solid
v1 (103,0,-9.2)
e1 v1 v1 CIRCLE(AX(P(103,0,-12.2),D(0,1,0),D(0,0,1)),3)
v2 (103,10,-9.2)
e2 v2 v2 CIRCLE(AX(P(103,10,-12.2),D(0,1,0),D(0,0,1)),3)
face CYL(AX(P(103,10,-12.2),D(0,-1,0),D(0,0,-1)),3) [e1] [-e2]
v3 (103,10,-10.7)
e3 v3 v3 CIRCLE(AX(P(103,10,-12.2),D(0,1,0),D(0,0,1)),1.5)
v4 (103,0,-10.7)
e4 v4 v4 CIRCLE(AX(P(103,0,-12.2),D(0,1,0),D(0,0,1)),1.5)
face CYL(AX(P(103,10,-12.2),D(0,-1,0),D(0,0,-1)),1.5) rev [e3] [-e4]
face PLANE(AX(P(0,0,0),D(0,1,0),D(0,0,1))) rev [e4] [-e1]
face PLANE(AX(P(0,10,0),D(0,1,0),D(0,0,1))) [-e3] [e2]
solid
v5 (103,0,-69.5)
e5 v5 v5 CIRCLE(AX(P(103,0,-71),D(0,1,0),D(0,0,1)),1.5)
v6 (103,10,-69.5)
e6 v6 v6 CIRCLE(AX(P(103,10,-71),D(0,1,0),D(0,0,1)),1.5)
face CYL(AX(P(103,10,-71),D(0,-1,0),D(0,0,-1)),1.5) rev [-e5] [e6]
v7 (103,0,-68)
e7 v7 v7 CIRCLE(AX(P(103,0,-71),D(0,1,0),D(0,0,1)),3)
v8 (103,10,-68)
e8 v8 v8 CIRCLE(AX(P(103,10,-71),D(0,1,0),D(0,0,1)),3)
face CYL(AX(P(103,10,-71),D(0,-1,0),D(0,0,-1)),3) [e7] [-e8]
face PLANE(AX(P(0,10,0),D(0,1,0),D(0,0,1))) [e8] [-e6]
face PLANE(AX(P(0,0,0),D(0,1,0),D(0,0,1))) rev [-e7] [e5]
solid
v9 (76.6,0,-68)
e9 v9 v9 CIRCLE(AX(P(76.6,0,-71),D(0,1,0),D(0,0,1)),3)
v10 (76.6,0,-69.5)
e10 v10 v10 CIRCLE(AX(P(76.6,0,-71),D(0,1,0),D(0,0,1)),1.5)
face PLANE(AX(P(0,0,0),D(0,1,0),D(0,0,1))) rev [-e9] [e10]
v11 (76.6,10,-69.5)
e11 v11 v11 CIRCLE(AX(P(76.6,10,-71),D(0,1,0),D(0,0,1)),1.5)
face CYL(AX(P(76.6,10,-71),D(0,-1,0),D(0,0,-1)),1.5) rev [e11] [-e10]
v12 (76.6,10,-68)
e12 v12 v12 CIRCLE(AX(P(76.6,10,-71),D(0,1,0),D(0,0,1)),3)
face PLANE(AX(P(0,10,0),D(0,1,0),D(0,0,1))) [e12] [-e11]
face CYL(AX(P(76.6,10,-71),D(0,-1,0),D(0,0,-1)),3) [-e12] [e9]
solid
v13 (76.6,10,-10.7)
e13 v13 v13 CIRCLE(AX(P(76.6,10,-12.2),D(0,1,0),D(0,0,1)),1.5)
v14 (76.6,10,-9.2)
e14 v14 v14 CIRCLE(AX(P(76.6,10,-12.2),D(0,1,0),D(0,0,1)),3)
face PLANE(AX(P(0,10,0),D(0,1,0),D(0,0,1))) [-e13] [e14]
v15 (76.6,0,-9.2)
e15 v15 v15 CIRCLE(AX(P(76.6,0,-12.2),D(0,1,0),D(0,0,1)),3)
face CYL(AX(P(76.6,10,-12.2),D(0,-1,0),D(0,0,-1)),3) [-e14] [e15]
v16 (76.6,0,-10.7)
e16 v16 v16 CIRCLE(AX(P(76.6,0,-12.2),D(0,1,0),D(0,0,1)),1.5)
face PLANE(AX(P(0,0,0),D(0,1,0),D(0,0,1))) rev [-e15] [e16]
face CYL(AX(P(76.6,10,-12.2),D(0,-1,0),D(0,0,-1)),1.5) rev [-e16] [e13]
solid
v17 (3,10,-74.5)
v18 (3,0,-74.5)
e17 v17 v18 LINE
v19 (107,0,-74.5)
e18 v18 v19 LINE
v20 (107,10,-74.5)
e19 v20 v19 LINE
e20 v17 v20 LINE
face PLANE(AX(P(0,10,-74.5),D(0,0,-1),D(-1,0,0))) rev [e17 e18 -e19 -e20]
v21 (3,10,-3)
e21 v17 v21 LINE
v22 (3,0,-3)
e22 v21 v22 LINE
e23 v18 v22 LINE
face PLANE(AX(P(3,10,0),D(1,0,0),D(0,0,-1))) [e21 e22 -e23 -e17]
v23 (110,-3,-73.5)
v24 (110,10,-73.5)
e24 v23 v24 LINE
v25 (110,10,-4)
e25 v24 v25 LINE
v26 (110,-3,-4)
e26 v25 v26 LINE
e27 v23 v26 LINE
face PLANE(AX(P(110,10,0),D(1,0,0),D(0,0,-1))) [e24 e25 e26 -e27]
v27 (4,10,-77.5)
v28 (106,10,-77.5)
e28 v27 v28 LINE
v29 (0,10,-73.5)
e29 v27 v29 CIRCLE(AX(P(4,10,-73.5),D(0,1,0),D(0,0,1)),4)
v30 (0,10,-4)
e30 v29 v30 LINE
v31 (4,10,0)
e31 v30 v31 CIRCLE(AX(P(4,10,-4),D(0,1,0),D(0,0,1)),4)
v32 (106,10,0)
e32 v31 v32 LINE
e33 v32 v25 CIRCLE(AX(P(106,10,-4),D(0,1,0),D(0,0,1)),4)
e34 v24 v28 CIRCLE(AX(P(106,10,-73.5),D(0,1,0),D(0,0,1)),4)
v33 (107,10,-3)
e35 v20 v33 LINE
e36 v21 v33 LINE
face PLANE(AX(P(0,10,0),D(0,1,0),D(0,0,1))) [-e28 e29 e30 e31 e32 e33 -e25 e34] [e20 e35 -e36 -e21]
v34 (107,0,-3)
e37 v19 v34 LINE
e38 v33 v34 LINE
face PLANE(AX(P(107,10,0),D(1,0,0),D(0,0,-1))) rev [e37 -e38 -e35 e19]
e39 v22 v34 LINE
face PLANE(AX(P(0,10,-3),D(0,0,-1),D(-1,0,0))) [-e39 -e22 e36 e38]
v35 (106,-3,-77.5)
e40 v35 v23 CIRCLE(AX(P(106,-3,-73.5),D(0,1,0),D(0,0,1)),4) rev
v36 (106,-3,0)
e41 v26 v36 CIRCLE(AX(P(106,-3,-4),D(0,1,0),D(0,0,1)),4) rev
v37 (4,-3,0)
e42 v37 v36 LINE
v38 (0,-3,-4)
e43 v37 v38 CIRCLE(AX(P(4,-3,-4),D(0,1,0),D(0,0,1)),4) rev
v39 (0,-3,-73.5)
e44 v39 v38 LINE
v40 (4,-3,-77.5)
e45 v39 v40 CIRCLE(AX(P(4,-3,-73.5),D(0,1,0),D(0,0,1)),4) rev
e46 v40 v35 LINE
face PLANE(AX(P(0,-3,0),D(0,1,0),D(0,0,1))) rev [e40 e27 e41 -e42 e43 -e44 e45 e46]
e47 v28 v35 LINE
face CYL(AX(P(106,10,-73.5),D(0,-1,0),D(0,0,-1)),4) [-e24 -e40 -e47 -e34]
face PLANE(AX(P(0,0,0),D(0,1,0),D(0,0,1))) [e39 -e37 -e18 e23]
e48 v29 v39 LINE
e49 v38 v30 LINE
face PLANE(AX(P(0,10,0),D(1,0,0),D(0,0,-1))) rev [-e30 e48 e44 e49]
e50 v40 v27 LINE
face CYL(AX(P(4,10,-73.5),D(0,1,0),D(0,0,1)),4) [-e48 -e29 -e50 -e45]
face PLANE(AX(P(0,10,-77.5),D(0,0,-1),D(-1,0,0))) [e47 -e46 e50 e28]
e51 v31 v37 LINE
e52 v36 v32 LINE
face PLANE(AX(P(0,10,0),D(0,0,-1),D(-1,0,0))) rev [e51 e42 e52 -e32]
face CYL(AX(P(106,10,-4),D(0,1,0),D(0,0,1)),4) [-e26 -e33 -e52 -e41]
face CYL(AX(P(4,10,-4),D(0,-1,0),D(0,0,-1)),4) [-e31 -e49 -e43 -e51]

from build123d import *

# Parameters (mm, degrees)
SKETCH1_W             = 110
SKETCH1_H             = 77.5
SKETCH1_W_2           = 104
SKETCH1_H_2           = 71.5
BOSS_EXTRUDE1_DEPTH   = 10
SKETCH1_R             = 3
SKETCH1_R_2           = 1.5
BOSS_EXTRUDE1_2_DEPTH = 10
BOSS_EXTRUDE1_3_DEPTH = 10
BOSS_EXTRUDE1_4_DEPTH = 10
BOSS_EXTRUDE1_5_DEPTH = 10
SKETCH1_2_W           = 110
SKETCH1_2_H           = 77.5
BOSS_EXTRUDE2_DEPTH   = 3
FILLET1_R             = 4


with BuildPart() as part:
    # Sketch1 → Boss-Extrude1 (new body)
    with BuildSketch(Plane(origin=(0, 0, 0), x_dir=(1, 0, 0), z_dir=(0, 1, 0))):
        with Locations((55, 38.75)):
            Rectangle(SKETCH1_W, SKETCH1_H)
        with Locations((55, 38.75)):
            Rectangle(SKETCH1_W_2, SKETCH1_H_2, mode=Mode.SUBTRACT)
    extrude(amount=BOSS_EXTRUDE1_DEPTH)

    # Sketch1<2> → Boss-Extrude2 (add)
    with BuildSketch(Plane(origin=(0, 0, 0), x_dir=(1, 0, 0), z_dir=(0, 1, 0))):
        with Locations((55, 38.75)):
            Rectangle(SKETCH1_2_W, SKETCH1_2_H)
    extrude(amount=-BOSS_EXTRUDE2_DEPTH)

    # Fillet1
    fillet1_edges = [part.edges().sort_by_distance(p)[0] for p in [
        (0, 3.5, -77.5),
        (0, 3.5, 0),
        (110, 3.5, -77.5),
        (110, 3.5, 0),
    ]]
    fillet(fillet1_edges, radius=FILLET1_R)


with BuildPart() as body_2:
    # Sketch1 → Boss-Extrude1 2 (new body)
    with BuildSketch(Plane(origin=(0, 0, 0), x_dir=(1, 0, 0), z_dir=(0, 1, 0))):
        with Locations((76.6, 12.2)):
            Circle(SKETCH1_R)
        with Locations((76.6, 12.2)):
            Circle(SKETCH1_R_2, mode=Mode.SUBTRACT)
    extrude(amount=BOSS_EXTRUDE1_2_DEPTH)


with BuildPart() as body_3:
    # Sketch1 → Boss-Extrude1 3 (new body)
    with BuildSketch(Plane(origin=(0, 0, 0), x_dir=(1, 0, 0), z_dir=(0, 1, 0))):
        with Locations((103, 12.2)):
            Circle(SKETCH1_R)
        with Locations((103, 12.2)):
            Circle(SKETCH1_R_2, mode=Mode.SUBTRACT)
    extrude(amount=BOSS_EXTRUDE1_3_DEPTH)


with BuildPart() as body_4:
    # Sketch1 → Boss-Extrude1 4 (new body)
    with BuildSketch(Plane(origin=(0, 0, 0), x_dir=(1, 0, 0), z_dir=(0, 1, 0))):
        with Locations((103, 71)):
            Circle(SKETCH1_R)
        with Locations((103, 71)):
            Circle(SKETCH1_R_2, mode=Mode.SUBTRACT)
    extrude(amount=BOSS_EXTRUDE1_4_DEPTH)


with BuildPart() as body_5:
    # Sketch1 → Boss-Extrude1 5 (new body)
    with BuildSketch(Plane(origin=(0, 0, 0), x_dir=(1, 0, 0), z_dir=(0, 1, 0))):
        with Locations((76.6, 71)):
            Circle(SKETCH1_R)
        with Locations((76.6, 71)):
            Circle(SKETCH1_R_2, mode=Mode.SUBTRACT)
    extrude(amount=BOSS_EXTRUDE1_5_DEPTH)


solid = Compound([part.part, body_2.part, body_3.part, body_4.part, body_5.part])
